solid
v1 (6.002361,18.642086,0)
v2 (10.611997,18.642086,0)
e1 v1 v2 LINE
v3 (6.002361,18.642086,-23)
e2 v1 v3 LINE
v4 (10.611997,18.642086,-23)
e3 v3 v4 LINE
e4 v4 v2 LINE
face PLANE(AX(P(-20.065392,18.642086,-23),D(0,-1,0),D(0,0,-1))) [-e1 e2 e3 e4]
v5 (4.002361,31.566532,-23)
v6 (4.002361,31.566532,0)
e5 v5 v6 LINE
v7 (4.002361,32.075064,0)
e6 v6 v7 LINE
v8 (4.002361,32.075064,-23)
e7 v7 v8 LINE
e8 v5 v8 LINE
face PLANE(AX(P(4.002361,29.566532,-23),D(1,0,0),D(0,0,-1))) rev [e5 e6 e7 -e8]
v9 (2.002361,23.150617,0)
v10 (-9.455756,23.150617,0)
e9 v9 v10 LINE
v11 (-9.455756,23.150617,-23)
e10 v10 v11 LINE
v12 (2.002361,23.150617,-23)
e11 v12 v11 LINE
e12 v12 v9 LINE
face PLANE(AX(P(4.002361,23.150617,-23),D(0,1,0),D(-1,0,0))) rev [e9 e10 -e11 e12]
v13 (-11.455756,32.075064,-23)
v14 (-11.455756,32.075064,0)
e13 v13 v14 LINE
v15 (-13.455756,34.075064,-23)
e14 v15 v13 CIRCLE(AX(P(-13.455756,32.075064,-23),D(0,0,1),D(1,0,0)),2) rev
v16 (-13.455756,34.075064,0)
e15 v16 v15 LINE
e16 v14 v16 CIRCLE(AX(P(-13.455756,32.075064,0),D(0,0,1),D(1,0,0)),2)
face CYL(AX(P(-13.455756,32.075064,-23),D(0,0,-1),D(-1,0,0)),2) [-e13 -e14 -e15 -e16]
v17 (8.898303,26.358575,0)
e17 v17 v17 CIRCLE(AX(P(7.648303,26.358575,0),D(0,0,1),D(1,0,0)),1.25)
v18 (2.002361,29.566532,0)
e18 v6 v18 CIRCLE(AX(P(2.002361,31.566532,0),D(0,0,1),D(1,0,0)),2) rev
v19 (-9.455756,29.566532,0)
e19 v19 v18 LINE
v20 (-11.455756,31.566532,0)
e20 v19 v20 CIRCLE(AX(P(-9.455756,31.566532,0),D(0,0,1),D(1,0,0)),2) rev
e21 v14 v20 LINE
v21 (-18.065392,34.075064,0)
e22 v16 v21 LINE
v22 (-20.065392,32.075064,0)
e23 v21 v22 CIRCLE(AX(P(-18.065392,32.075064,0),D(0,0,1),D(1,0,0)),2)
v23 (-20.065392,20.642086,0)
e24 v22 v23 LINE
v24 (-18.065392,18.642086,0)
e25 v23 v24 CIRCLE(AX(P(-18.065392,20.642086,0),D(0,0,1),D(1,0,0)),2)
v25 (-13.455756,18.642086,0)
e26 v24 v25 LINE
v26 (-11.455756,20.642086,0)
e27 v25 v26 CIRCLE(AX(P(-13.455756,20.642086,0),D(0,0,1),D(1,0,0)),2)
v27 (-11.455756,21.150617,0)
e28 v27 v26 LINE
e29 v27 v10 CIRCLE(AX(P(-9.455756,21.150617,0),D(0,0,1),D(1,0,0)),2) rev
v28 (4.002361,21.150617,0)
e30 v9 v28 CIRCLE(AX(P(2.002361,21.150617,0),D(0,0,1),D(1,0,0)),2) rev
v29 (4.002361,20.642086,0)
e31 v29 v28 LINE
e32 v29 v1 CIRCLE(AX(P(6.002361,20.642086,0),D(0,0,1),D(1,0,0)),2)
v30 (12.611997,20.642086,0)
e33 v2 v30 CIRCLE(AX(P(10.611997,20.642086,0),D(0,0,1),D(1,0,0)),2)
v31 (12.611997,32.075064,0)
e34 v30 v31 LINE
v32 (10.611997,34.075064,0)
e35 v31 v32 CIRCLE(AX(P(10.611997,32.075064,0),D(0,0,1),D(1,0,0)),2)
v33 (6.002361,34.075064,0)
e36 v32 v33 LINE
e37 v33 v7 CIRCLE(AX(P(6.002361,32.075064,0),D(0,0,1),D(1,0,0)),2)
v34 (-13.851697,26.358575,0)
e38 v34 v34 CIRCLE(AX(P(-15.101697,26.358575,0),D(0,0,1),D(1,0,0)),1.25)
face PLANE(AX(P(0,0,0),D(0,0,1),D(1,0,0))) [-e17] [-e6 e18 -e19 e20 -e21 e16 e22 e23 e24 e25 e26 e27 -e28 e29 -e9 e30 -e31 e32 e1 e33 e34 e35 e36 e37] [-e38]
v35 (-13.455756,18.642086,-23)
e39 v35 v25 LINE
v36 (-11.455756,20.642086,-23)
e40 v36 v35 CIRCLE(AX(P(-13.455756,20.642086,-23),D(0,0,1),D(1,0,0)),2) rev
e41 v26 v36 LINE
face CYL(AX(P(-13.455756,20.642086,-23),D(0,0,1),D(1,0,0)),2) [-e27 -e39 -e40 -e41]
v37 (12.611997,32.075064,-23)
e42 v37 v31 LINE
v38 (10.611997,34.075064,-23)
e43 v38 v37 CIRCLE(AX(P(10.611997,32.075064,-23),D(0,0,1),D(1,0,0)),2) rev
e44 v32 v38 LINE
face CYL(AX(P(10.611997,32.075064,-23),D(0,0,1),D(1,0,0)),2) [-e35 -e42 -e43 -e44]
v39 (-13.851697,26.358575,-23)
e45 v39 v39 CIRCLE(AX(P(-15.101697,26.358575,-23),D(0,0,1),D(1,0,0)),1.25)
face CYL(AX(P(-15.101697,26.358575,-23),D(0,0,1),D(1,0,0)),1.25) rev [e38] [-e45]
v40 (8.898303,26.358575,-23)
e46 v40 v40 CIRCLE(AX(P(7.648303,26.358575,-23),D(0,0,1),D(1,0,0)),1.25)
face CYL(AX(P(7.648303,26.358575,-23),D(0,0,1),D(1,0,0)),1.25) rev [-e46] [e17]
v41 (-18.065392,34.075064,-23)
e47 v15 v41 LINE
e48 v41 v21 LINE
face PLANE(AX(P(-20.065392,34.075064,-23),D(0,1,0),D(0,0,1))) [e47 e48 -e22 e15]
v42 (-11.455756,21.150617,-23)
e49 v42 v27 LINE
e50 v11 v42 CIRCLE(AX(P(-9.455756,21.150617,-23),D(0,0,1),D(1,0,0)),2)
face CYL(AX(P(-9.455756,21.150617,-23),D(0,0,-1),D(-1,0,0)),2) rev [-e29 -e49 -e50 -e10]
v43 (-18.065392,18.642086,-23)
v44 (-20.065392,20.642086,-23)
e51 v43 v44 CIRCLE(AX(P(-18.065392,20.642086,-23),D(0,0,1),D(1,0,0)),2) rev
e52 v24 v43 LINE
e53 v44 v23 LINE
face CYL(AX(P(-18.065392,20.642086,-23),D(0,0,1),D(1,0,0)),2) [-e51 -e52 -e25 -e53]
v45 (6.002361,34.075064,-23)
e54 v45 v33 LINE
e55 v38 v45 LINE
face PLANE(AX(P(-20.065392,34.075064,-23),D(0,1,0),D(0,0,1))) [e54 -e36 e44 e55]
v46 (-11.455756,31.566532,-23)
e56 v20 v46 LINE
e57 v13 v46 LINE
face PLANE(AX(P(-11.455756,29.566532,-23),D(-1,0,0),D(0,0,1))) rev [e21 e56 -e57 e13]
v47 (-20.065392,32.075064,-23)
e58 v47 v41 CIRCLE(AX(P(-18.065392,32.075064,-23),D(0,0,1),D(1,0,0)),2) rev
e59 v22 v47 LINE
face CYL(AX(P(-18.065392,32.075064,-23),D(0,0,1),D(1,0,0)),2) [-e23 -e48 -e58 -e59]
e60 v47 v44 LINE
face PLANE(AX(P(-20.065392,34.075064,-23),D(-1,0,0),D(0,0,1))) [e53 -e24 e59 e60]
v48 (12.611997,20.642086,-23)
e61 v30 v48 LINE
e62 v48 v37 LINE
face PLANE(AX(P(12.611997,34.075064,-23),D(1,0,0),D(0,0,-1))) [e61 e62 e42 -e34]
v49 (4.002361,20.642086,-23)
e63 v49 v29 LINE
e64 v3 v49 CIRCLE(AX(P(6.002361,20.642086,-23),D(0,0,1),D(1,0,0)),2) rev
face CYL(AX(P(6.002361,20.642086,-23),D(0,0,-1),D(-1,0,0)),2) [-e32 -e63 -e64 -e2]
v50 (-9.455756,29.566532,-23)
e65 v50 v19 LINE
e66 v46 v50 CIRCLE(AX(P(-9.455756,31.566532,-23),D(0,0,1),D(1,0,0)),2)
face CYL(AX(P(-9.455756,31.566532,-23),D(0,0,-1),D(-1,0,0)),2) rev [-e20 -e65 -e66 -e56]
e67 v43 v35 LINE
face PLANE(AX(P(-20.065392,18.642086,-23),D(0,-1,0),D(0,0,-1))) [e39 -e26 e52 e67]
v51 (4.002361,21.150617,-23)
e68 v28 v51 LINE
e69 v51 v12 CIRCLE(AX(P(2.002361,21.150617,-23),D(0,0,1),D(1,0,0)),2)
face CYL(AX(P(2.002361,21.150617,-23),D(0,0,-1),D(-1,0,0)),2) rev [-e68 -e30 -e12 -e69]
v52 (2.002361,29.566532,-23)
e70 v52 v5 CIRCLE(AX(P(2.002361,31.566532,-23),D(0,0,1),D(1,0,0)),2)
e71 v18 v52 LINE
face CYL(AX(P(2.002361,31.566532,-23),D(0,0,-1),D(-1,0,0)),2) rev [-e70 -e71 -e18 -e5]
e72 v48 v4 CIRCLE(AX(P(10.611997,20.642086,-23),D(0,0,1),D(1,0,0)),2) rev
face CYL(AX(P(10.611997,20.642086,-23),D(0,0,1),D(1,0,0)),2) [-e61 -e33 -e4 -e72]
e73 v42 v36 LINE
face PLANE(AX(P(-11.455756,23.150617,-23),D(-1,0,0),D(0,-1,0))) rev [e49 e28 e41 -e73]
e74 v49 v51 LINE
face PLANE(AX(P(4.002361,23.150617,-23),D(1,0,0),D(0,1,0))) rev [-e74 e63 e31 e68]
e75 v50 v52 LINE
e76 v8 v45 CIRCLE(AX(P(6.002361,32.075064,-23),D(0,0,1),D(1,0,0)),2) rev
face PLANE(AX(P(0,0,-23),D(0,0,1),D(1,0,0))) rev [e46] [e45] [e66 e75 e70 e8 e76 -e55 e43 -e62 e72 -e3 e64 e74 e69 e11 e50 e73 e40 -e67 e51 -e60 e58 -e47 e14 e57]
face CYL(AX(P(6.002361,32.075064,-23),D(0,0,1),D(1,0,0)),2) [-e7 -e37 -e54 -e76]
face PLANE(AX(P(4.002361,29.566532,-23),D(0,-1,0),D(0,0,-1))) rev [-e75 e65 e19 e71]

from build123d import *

# Parameters (mm, degrees)
SKETCH_1_W          = 32.677388302
SKETCH_1_H          = 15.432977872
EXTRUDE_1_DEPTH     = 23
SKETCH_2_R          = 1.25
SKETCH_2_W          = 15.458117654
SKETCH_2_H          = 9.017063249
CUT_EXTRUDE_1_DEPTH = 24
FILLET_1_R          = 2
FILLET_2_R          = 2


with BuildPart() as part:
    # 草图1 → 凸台-拉伸1 (new body)
    with BuildSketch(Plane.XY):
        with Locations((-3.726697353, 26.358574689)):
            Rectangle(SKETCH_1_W, SKETCH_1_H)
    extrude(amount=-EXTRUDE_1_DEPTH)

    # 草图2 → 切除-拉伸1 (cut, through all)
    with BuildSketch(Plane.XY):
        with Locations((-15.101697353, 26.358574689)):
            Circle(SKETCH_2_R)
        with Locations((7.648302647, 26.358574689)):
            Circle(SKETCH_2_R)
        with Locations((-3.726697353, 18.642085753)):
            Rectangle(SKETCH_2_W, SKETCH_2_H)
        with Locations((-3.726697353, 34.075063626)):
            Rectangle(SKETCH_2_W, SKETCH_2_H)
    extrude(amount=-CUT_EXTRUDE_1_DEPTH, mode=Mode.SUBTRACT)

    # 圆角1
    fillet_1_edges = [part.edges().sort_by_distance(p)[0] for p in [
        (12.611996798, 18.642085753, -11.5),
        (-20.065391504, 18.642085753, -11.5),
        (-20.065391504, 34.075063625, -11.5),
        (12.611996798, 34.075063625, -11.5),
    ]]
    fillet(fillet_1_edges, radius=FILLET_1_R)

    # 圆角2
    fillet_2_edges = [part.edges().sort_by_distance(p)[0] for p in [
        (-11.45575618, 34.075063625, -11.5),
        (4.002361474, 34.075063625, -11.5),
        (-11.45575618, 29.566532001, -11.5),
        (4.002361474, 29.566532001, -11.5),
        (4.002361474, 18.642085753, -11.5),
        (-11.45575618, 18.642085753, -11.5),
        (4.002361474, 23.150617378, -11.5),
        (-11.45575618, 23.150617378, -11.5),
    ]]
    fillet(fillet_2_edges, radius=FILLET_2_R)


solid = part.part
